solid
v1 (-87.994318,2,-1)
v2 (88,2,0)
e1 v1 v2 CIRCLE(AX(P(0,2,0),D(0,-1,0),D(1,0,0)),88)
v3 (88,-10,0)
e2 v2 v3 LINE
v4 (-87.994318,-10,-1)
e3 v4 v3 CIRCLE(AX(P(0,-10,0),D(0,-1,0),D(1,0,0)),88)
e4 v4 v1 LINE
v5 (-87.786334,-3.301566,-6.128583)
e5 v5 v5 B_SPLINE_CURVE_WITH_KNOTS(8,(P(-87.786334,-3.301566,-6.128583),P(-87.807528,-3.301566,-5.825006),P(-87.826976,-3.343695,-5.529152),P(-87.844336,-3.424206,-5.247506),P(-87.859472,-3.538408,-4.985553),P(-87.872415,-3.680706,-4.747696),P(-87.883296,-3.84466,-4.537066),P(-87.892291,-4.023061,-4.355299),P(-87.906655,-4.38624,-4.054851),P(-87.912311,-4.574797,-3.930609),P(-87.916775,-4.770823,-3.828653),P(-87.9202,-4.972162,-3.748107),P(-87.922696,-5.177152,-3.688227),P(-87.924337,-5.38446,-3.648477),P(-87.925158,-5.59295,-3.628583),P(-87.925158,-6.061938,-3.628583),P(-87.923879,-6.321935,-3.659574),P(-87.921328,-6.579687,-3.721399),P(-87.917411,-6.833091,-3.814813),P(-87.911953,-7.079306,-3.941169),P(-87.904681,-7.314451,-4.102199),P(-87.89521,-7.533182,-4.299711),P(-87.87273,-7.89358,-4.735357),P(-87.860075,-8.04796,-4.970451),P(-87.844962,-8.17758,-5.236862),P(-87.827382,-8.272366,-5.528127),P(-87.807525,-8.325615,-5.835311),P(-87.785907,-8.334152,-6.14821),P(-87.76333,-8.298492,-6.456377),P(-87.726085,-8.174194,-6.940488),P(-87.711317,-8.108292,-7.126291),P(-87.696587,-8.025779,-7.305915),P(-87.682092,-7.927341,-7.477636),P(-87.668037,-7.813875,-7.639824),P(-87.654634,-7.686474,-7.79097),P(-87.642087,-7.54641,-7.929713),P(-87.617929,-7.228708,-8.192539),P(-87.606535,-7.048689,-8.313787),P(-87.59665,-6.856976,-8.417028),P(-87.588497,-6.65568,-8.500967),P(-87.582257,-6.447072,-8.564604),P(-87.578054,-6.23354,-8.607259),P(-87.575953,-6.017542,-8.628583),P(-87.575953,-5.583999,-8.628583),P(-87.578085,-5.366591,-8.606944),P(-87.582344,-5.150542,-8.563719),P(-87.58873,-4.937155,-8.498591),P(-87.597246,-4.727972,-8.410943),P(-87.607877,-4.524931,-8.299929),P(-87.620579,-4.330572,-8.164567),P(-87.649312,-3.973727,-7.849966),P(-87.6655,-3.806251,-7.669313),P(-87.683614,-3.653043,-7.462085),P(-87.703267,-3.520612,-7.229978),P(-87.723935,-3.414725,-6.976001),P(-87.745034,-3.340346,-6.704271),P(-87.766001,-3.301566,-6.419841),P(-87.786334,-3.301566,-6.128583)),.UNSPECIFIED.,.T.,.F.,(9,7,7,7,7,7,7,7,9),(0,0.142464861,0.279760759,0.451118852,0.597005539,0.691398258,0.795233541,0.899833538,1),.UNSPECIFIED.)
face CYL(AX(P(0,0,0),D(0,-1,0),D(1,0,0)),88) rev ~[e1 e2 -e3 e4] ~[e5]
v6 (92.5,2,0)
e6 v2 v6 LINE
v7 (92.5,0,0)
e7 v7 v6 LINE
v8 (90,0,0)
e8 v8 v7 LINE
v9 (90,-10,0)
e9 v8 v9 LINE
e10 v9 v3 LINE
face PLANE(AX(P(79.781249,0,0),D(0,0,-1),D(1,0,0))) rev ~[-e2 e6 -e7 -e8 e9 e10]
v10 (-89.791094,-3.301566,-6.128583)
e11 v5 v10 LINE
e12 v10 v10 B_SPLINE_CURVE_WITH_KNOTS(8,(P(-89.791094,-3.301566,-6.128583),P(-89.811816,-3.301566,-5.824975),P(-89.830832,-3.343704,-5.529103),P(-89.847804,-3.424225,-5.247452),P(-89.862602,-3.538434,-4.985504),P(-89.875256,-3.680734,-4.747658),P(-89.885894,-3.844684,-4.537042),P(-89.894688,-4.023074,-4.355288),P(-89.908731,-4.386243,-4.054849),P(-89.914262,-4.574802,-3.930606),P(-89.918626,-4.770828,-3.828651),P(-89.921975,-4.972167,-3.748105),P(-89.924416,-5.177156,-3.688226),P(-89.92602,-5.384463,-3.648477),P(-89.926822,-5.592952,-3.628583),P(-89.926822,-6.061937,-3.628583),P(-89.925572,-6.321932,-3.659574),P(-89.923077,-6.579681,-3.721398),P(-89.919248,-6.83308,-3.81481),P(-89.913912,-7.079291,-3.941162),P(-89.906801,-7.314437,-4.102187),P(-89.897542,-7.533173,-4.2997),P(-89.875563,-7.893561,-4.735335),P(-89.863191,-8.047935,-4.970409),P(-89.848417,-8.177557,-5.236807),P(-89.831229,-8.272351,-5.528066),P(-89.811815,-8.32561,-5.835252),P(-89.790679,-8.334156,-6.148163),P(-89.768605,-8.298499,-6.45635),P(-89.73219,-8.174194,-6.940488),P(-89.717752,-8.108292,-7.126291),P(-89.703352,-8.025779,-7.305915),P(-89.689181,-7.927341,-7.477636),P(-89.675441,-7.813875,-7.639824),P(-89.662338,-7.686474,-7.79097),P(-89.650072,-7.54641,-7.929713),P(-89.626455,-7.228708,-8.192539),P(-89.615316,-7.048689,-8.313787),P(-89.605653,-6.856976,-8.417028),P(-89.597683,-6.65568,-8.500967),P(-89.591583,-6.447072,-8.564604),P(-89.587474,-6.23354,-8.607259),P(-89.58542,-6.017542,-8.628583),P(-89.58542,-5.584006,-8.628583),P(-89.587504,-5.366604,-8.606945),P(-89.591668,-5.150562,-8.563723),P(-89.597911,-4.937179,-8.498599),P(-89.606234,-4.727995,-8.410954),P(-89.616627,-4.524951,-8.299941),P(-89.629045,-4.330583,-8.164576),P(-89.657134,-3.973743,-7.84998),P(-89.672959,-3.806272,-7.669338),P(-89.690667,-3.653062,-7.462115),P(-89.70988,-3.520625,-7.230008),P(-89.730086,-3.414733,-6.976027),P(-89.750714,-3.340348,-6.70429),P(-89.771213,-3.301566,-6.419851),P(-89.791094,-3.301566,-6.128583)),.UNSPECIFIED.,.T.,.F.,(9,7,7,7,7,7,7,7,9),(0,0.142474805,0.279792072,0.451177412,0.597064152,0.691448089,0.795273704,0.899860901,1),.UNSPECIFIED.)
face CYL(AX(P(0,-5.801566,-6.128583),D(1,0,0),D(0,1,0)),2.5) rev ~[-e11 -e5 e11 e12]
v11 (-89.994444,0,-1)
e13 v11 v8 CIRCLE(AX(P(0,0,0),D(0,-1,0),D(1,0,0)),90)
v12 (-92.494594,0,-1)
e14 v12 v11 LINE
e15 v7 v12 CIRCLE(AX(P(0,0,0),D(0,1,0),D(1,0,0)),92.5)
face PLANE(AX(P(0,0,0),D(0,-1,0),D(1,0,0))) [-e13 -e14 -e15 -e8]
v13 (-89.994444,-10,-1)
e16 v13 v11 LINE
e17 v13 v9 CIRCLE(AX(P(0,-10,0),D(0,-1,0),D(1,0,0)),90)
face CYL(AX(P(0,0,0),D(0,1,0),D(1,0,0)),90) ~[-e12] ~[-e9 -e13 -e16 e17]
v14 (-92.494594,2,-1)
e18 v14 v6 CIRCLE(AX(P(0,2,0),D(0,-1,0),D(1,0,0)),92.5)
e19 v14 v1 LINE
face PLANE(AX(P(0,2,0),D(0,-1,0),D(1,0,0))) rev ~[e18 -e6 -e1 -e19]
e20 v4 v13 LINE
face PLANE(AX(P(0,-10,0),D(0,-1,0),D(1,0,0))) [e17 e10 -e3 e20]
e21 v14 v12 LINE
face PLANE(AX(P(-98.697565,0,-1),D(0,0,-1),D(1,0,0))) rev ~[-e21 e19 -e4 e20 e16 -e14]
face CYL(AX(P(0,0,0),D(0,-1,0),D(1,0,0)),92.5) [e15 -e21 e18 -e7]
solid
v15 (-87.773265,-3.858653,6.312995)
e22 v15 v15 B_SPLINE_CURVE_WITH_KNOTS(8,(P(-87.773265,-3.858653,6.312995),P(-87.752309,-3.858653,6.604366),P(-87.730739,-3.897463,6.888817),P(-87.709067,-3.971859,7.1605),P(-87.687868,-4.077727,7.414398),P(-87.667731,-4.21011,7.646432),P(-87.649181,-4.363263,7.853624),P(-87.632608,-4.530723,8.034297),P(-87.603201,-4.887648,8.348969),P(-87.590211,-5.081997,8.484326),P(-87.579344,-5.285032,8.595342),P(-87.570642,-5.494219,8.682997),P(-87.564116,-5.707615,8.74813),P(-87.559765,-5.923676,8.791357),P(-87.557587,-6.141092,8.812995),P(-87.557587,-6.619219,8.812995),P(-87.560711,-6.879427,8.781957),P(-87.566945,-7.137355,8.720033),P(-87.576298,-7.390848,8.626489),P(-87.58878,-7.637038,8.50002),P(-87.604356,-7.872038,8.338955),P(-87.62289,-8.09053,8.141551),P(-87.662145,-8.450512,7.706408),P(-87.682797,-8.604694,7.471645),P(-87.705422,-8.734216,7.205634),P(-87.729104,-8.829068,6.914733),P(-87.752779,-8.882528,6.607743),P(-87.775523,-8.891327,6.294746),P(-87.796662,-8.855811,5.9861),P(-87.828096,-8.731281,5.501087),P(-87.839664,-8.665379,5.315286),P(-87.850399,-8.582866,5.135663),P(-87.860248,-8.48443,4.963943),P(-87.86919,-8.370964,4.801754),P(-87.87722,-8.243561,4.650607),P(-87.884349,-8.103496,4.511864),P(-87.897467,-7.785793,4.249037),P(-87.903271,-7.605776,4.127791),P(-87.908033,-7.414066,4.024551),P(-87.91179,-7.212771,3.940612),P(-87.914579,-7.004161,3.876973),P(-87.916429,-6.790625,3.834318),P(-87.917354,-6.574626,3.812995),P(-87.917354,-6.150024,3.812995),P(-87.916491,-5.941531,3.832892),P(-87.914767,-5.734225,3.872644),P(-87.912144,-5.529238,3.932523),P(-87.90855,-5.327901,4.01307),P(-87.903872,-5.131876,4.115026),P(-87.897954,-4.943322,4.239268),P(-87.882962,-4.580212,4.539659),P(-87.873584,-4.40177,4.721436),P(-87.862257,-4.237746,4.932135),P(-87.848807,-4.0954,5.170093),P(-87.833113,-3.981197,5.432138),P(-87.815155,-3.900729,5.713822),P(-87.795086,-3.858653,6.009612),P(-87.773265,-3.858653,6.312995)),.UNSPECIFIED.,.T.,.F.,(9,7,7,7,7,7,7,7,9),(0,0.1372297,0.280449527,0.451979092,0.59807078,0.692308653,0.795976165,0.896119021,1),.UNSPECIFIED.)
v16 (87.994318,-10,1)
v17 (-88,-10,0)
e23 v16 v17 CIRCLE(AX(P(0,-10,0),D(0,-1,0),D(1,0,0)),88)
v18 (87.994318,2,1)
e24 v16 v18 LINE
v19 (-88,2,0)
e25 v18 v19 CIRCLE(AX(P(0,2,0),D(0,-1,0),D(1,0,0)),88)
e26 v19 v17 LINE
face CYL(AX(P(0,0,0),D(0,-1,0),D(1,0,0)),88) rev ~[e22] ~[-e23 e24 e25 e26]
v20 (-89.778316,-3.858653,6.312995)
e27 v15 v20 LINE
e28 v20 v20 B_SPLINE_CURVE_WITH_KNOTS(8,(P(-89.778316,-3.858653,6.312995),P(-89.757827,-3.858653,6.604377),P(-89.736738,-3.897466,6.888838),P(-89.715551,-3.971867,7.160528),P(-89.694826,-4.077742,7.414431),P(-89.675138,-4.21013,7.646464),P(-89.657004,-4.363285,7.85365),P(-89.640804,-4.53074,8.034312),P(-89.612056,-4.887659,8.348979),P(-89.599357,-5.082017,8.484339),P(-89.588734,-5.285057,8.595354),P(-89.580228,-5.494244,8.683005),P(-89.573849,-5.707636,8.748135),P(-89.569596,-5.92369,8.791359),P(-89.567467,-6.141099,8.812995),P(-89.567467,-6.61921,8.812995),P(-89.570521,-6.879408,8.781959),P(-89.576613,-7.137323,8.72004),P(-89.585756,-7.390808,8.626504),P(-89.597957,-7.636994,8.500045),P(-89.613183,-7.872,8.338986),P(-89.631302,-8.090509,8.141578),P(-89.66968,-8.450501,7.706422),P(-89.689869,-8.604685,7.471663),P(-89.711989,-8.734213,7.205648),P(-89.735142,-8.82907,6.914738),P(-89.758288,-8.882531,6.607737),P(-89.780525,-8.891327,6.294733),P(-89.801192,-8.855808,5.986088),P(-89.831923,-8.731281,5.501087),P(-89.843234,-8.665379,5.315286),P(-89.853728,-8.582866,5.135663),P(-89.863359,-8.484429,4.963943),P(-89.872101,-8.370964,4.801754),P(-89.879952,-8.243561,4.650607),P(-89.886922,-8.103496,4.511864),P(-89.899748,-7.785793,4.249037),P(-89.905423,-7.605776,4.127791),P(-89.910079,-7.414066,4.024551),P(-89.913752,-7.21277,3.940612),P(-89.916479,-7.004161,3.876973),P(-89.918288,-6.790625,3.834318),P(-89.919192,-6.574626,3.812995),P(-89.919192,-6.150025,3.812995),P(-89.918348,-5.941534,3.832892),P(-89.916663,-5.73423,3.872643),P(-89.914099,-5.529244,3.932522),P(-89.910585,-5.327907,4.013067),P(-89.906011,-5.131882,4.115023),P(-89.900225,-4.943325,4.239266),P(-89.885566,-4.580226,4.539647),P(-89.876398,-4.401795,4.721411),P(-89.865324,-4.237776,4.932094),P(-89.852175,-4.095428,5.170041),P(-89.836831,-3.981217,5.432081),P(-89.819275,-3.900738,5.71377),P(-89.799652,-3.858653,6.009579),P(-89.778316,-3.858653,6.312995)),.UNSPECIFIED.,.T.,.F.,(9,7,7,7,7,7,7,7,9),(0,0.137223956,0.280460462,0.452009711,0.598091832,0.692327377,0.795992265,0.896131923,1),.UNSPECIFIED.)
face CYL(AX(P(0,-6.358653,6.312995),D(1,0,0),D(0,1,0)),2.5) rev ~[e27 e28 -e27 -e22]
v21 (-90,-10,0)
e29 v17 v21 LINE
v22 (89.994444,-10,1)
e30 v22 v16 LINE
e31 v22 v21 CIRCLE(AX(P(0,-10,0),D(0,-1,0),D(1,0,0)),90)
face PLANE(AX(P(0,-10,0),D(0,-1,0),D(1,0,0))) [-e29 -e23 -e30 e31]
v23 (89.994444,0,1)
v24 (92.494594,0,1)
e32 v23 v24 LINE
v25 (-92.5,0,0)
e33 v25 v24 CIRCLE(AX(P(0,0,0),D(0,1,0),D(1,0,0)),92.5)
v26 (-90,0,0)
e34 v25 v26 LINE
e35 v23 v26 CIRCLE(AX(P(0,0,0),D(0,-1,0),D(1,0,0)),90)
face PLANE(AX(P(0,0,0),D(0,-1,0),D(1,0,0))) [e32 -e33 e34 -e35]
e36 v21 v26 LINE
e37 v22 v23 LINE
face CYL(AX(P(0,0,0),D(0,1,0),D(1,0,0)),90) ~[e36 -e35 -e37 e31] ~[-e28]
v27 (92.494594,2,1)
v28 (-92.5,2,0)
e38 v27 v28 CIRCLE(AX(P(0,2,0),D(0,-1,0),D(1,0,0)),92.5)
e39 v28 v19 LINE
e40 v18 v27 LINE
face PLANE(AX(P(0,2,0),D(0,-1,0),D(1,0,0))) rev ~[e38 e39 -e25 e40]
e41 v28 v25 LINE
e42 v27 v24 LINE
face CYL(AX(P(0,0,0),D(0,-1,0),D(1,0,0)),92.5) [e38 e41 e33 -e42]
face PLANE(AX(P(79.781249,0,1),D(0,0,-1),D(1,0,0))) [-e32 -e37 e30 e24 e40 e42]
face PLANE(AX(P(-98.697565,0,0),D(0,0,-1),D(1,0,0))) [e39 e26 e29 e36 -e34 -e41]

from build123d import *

# Parameters (mm, degrees)
F0_R     = 90
F0_R_2   = 88
F1_DEPTH = 10
F2_R     = 92.5
F2_R_2   = 88
F3_DEPTH = 2
F6_D     = 5
F6_DEPTH = 92.501
F4_W     = 24.3931487203
F4_H     = 1
F4_W_2   = 16.3366869092
F7_DEPTH = 25
F8_DEPTH = 25


with BuildPart() as f1:
    # F0 (on Front) → F1 (new body)
    with BuildSketch(Plane.XZ):
        Circle(F0_R)
        Circle(F0_R_2, mode=Mode.SUBTRACT)
    extrude(amount=F1_DEPTH)

    # F2 (on Front) → F3 (join)
    with BuildSketch(Plane.XZ):
        Circle(F2_R)
        Circle(F2_R_2, mode=Mode.SUBTRACT)
    extrude(amount=-F3_DEPTH)

    # F6 (through all, one way)
    with BuildSketch(Plane.YZ):
        with Locations((-6.3586533647, 6.312994866), (-5.8015659534, -6.1285826857)):
            Circle(F6_D / 2)
    extrude(amount=-F6_DEPTH, mode=Mode.SUBTRACT)

    # F4 (on Front) → F7 (cut)
    with BuildSketch(Plane.XZ):
        with Locations((91.9778235257, 0.5)):
            Rectangle(F4_W, F4_H)
        with Locations((-90.5292220414, -0.5)):
            Rectangle(F4_W_2, F4_H)
    extrude(amount=F7_DEPTH, mode=Mode.SUBTRACT)

    # F4 (on Front) → F8 (cut)
    with BuildSketch(Plane.XZ):
        with Locations((91.9778235257, 0.5)):
            Rectangle(F4_W, F4_H)
        with Locations((-90.5292220414, -0.5)):
            Rectangle(F4_W_2, F4_H)
    extrude(amount=-F8_DEPTH, mode=Mode.SUBTRACT)


solid = f1.part
